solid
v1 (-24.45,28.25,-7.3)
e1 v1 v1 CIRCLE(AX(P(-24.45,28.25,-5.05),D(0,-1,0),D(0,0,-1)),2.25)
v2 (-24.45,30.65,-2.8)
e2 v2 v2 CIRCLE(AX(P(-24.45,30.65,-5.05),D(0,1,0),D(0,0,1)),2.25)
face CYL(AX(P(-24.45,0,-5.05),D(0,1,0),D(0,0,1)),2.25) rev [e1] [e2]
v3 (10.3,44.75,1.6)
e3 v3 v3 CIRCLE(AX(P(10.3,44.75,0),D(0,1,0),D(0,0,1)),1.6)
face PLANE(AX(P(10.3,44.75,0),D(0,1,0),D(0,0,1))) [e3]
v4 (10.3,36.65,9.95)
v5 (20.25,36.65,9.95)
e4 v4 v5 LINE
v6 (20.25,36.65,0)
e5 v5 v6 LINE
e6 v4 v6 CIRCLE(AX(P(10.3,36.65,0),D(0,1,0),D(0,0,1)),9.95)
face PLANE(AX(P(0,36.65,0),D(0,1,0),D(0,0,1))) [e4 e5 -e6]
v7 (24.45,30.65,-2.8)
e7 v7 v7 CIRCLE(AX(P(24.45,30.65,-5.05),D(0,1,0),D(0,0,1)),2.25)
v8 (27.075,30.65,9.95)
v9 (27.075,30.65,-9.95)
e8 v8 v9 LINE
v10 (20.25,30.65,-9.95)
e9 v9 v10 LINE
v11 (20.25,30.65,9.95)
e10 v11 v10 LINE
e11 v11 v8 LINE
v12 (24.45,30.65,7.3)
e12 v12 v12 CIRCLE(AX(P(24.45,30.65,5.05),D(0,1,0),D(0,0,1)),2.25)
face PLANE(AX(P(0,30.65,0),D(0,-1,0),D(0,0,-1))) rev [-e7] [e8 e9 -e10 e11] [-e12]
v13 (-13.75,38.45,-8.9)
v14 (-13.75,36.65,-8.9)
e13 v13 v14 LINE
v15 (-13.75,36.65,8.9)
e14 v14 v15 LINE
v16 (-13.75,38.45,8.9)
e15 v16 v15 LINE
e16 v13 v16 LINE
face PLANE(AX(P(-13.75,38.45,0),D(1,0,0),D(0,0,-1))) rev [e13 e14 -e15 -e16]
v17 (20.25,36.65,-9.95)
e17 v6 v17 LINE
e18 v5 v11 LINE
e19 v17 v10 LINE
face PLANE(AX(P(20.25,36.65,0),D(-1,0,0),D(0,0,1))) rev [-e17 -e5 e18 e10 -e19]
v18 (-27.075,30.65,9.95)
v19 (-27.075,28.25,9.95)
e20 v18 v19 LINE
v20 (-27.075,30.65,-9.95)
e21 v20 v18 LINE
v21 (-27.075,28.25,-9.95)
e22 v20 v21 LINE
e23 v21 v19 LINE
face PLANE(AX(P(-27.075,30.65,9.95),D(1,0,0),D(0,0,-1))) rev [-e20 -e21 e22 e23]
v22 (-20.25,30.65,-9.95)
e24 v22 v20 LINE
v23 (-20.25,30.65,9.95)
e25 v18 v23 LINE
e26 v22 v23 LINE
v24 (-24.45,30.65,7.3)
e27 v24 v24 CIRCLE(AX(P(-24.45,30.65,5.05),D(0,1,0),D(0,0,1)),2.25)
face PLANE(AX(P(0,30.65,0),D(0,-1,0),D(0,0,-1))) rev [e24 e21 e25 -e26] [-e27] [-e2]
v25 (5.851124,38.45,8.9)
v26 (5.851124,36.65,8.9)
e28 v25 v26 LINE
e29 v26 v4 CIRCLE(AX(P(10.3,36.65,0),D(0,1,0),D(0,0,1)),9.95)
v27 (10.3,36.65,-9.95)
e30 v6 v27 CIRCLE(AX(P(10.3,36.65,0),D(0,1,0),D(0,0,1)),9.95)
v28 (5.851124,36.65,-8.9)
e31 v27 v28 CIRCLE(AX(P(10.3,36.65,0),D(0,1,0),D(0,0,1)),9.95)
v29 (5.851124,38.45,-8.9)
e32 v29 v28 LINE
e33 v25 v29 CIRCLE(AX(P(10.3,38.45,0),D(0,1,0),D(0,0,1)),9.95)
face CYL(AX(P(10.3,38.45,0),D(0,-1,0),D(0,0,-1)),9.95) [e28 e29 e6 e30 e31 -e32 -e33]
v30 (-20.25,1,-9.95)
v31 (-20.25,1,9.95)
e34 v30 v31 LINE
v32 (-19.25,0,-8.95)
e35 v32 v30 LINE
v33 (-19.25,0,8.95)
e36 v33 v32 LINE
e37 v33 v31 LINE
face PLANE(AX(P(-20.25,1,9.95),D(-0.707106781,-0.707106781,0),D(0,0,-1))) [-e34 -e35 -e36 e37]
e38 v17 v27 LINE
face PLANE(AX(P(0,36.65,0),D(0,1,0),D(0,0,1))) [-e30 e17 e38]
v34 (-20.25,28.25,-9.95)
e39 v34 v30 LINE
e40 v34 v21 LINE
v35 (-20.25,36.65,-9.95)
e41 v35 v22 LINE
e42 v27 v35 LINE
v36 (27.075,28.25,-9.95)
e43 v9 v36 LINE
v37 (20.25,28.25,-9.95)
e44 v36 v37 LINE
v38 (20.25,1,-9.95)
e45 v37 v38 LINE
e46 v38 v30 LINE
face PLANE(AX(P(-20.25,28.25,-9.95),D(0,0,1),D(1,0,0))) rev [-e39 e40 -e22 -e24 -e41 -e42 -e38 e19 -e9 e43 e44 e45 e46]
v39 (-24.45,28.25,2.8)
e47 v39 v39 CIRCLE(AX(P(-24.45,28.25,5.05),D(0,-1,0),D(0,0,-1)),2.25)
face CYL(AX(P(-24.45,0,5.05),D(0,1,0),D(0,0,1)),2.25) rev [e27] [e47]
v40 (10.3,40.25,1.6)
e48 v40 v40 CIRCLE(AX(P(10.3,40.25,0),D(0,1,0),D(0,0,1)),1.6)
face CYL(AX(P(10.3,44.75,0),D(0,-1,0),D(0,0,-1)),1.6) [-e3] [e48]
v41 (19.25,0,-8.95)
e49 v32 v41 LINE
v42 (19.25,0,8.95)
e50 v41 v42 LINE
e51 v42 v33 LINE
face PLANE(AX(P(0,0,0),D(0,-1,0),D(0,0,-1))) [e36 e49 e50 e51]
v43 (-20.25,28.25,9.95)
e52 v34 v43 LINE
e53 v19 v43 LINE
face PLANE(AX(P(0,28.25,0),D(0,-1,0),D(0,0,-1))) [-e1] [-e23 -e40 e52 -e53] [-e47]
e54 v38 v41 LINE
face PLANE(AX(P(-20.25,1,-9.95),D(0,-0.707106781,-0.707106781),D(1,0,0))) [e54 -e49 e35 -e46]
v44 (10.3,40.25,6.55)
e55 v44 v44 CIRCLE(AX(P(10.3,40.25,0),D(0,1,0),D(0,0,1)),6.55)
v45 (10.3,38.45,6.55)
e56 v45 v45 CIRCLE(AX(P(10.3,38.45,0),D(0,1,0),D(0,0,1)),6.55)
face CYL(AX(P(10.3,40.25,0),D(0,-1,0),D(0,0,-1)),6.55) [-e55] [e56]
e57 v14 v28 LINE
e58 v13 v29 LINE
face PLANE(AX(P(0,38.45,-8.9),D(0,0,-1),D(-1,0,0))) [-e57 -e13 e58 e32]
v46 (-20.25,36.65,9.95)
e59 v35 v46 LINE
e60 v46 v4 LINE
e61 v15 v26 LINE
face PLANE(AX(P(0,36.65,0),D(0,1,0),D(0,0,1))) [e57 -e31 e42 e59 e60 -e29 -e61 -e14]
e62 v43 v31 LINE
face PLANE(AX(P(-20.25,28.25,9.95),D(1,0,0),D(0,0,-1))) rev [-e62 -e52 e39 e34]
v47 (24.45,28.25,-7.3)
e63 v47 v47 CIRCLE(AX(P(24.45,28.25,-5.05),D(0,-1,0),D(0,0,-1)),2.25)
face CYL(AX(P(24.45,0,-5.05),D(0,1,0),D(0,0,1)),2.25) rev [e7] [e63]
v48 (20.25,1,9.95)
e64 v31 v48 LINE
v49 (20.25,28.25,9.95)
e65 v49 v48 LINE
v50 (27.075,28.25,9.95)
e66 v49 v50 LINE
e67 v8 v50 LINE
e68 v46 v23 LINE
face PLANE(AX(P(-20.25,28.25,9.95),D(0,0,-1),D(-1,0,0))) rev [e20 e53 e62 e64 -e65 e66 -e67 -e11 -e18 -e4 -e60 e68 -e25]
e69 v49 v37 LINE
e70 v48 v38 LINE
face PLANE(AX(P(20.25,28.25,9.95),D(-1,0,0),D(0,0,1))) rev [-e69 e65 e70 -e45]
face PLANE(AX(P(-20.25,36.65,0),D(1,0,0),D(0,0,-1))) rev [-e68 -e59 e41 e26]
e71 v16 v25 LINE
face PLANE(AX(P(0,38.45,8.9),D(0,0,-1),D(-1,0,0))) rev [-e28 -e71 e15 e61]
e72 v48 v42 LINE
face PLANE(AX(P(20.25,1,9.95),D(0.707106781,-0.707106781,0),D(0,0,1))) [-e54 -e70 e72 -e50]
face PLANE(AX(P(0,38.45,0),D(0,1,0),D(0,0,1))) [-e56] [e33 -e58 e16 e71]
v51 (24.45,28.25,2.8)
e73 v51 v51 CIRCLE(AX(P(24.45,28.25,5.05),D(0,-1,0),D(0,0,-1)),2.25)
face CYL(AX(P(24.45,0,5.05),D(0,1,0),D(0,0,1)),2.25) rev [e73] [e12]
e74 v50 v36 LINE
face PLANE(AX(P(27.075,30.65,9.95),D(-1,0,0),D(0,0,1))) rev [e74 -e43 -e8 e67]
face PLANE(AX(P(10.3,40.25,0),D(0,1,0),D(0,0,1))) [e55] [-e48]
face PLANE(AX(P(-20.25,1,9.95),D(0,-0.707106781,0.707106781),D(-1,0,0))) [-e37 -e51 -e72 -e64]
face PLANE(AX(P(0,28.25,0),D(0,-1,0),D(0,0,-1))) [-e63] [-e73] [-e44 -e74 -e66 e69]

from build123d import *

# Parameters (mm, degrees)
SKETCH_1_W          = 40.5
SKETCH_1_H          = 19.9
EXTRUDE_1_DEPTH     = 28.25
SKETCH_2_W          = 54.15
SKETCH_2_H          = 19.9
EXTRUDE_2_DEPTH     = 2.4
SKETCH_3_W          = 40.5
SKETCH_3_H          = 19.9
EXTRUDE_3_DEPTH     = 6
SKETCH_4_R          = 9.95
SKETCH_4_W          = 19.601123737
SKETCH_4_H          = 17.8
EXTRUDE_4_DEPTH     = 1.8
SKETCH_5_R          = 6.55
EXTRUDE_5_DEPTH     = 1.8
SKETCH_6_R          = 1.6
EXTRUDE_6_DEPTH     = 4.5
SKETCH_7_R          = 2.25
CUT_EXTRUDE_1_DEPTH = 43.088960845
CHAMFER_1_SIZE      = 1


with BuildPart() as part:
    # 草图1 → 凸台-拉伸1 (new body)
    with BuildSketch(Plane(origin=(0, 0, 0), x_dir=(1, 0, 0), z_dir=(0, 1, 0))):
        Rectangle(SKETCH_1_W, SKETCH_1_H)
    extrude(amount=EXTRUDE_1_DEPTH)

    # 草图2 → 凸台-拉伸2 (add)
    with BuildSketch(Plane(origin=(0, 28.25, 0), x_dir=(1, 0, 0), z_dir=(0, 1, 0))):
        Rectangle(SKETCH_2_W, SKETCH_2_H)
    extrude(amount=EXTRUDE_2_DEPTH)

    # 草图3 → 凸台-拉伸3 (add)
    with BuildSketch(Plane(origin=(0, 30.65, 0), x_dir=(1, 0, 0), z_dir=(0, 1, 0))):
        Rectangle(SKETCH_3_W, SKETCH_3_H)
    extrude(amount=EXTRUDE_3_DEPTH)

    # 草图4 → 凸台-拉伸4 (add)
    with BuildSketch(Plane(origin=(0, 36.65, 0), x_dir=(1, 0, 0), z_dir=(0, 1, 0))):
        with Locations((10.3, 0)):
            Circle(SKETCH_4_R)
        with Locations((-3.949438132, 0)):
            Rectangle(SKETCH_4_W, SKETCH_4_H)
    extrude(amount=EXTRUDE_4_DEPTH)

    # 草图5 → 凸台-拉伸5 (add)
    with BuildSketch(Plane(origin=(0, 38.45, 0), x_dir=(1, 0, 0), z_dir=(0, 1, 0))):
        with Locations(Location((10.3, 0, 0), (0, 0, 270))):
            Circle(SKETCH_5_R)
    extrude(amount=EXTRUDE_5_DEPTH)

    # 草图6 → 凸台-拉伸6 (add)
    with BuildSketch(Plane(origin=(0, 40.25, 0), x_dir=(1, 0, 0), z_dir=(0, 1, 0))):
        with Locations(Location((10.3, 0, 0), (0, 0, 270))):
            Circle(SKETCH_6_R)
    extrude(amount=EXTRUDE_6_DEPTH)

    # 草图7 → 切除-拉伸1 (cut, through all)
    with BuildSketch(Plane(origin=(0, 30.65, 0), x_dir=(1, 0, 0), z_dir=(0, 1, 0))):
        with Locations(Location((24.45, -5.05, 0), (0, 0, 270))):
            Circle(SKETCH_7_R)
        with Locations(Location((24.45, 5.05, 0), (0, 0, 270))):
            Circle(SKETCH_7_R)
        with Locations(Location((-24.45, 5.05, 0), (0, 0, 270))):
            Circle(SKETCH_7_R)
        with Locations(Location((-24.45, -5.05, 0), (0, 0, 270))):
            Circle(SKETCH_7_R)
    extrude(amount=-CUT_EXTRUDE_1_DEPTH, mode=Mode.SUBTRACT)

    # 倒角1
    chamfer_1_edges = [part.edges().sort_by_distance(p)[0] for p in [
        (0, 0, 9.95),
        (-20.25, 0, 0),
        (0, 0, -9.95),
        (20.25, 0, 0),
    ]]
    chamfer(chamfer_1_edges, length=CHAMFER_1_SIZE)


solid = part.part
